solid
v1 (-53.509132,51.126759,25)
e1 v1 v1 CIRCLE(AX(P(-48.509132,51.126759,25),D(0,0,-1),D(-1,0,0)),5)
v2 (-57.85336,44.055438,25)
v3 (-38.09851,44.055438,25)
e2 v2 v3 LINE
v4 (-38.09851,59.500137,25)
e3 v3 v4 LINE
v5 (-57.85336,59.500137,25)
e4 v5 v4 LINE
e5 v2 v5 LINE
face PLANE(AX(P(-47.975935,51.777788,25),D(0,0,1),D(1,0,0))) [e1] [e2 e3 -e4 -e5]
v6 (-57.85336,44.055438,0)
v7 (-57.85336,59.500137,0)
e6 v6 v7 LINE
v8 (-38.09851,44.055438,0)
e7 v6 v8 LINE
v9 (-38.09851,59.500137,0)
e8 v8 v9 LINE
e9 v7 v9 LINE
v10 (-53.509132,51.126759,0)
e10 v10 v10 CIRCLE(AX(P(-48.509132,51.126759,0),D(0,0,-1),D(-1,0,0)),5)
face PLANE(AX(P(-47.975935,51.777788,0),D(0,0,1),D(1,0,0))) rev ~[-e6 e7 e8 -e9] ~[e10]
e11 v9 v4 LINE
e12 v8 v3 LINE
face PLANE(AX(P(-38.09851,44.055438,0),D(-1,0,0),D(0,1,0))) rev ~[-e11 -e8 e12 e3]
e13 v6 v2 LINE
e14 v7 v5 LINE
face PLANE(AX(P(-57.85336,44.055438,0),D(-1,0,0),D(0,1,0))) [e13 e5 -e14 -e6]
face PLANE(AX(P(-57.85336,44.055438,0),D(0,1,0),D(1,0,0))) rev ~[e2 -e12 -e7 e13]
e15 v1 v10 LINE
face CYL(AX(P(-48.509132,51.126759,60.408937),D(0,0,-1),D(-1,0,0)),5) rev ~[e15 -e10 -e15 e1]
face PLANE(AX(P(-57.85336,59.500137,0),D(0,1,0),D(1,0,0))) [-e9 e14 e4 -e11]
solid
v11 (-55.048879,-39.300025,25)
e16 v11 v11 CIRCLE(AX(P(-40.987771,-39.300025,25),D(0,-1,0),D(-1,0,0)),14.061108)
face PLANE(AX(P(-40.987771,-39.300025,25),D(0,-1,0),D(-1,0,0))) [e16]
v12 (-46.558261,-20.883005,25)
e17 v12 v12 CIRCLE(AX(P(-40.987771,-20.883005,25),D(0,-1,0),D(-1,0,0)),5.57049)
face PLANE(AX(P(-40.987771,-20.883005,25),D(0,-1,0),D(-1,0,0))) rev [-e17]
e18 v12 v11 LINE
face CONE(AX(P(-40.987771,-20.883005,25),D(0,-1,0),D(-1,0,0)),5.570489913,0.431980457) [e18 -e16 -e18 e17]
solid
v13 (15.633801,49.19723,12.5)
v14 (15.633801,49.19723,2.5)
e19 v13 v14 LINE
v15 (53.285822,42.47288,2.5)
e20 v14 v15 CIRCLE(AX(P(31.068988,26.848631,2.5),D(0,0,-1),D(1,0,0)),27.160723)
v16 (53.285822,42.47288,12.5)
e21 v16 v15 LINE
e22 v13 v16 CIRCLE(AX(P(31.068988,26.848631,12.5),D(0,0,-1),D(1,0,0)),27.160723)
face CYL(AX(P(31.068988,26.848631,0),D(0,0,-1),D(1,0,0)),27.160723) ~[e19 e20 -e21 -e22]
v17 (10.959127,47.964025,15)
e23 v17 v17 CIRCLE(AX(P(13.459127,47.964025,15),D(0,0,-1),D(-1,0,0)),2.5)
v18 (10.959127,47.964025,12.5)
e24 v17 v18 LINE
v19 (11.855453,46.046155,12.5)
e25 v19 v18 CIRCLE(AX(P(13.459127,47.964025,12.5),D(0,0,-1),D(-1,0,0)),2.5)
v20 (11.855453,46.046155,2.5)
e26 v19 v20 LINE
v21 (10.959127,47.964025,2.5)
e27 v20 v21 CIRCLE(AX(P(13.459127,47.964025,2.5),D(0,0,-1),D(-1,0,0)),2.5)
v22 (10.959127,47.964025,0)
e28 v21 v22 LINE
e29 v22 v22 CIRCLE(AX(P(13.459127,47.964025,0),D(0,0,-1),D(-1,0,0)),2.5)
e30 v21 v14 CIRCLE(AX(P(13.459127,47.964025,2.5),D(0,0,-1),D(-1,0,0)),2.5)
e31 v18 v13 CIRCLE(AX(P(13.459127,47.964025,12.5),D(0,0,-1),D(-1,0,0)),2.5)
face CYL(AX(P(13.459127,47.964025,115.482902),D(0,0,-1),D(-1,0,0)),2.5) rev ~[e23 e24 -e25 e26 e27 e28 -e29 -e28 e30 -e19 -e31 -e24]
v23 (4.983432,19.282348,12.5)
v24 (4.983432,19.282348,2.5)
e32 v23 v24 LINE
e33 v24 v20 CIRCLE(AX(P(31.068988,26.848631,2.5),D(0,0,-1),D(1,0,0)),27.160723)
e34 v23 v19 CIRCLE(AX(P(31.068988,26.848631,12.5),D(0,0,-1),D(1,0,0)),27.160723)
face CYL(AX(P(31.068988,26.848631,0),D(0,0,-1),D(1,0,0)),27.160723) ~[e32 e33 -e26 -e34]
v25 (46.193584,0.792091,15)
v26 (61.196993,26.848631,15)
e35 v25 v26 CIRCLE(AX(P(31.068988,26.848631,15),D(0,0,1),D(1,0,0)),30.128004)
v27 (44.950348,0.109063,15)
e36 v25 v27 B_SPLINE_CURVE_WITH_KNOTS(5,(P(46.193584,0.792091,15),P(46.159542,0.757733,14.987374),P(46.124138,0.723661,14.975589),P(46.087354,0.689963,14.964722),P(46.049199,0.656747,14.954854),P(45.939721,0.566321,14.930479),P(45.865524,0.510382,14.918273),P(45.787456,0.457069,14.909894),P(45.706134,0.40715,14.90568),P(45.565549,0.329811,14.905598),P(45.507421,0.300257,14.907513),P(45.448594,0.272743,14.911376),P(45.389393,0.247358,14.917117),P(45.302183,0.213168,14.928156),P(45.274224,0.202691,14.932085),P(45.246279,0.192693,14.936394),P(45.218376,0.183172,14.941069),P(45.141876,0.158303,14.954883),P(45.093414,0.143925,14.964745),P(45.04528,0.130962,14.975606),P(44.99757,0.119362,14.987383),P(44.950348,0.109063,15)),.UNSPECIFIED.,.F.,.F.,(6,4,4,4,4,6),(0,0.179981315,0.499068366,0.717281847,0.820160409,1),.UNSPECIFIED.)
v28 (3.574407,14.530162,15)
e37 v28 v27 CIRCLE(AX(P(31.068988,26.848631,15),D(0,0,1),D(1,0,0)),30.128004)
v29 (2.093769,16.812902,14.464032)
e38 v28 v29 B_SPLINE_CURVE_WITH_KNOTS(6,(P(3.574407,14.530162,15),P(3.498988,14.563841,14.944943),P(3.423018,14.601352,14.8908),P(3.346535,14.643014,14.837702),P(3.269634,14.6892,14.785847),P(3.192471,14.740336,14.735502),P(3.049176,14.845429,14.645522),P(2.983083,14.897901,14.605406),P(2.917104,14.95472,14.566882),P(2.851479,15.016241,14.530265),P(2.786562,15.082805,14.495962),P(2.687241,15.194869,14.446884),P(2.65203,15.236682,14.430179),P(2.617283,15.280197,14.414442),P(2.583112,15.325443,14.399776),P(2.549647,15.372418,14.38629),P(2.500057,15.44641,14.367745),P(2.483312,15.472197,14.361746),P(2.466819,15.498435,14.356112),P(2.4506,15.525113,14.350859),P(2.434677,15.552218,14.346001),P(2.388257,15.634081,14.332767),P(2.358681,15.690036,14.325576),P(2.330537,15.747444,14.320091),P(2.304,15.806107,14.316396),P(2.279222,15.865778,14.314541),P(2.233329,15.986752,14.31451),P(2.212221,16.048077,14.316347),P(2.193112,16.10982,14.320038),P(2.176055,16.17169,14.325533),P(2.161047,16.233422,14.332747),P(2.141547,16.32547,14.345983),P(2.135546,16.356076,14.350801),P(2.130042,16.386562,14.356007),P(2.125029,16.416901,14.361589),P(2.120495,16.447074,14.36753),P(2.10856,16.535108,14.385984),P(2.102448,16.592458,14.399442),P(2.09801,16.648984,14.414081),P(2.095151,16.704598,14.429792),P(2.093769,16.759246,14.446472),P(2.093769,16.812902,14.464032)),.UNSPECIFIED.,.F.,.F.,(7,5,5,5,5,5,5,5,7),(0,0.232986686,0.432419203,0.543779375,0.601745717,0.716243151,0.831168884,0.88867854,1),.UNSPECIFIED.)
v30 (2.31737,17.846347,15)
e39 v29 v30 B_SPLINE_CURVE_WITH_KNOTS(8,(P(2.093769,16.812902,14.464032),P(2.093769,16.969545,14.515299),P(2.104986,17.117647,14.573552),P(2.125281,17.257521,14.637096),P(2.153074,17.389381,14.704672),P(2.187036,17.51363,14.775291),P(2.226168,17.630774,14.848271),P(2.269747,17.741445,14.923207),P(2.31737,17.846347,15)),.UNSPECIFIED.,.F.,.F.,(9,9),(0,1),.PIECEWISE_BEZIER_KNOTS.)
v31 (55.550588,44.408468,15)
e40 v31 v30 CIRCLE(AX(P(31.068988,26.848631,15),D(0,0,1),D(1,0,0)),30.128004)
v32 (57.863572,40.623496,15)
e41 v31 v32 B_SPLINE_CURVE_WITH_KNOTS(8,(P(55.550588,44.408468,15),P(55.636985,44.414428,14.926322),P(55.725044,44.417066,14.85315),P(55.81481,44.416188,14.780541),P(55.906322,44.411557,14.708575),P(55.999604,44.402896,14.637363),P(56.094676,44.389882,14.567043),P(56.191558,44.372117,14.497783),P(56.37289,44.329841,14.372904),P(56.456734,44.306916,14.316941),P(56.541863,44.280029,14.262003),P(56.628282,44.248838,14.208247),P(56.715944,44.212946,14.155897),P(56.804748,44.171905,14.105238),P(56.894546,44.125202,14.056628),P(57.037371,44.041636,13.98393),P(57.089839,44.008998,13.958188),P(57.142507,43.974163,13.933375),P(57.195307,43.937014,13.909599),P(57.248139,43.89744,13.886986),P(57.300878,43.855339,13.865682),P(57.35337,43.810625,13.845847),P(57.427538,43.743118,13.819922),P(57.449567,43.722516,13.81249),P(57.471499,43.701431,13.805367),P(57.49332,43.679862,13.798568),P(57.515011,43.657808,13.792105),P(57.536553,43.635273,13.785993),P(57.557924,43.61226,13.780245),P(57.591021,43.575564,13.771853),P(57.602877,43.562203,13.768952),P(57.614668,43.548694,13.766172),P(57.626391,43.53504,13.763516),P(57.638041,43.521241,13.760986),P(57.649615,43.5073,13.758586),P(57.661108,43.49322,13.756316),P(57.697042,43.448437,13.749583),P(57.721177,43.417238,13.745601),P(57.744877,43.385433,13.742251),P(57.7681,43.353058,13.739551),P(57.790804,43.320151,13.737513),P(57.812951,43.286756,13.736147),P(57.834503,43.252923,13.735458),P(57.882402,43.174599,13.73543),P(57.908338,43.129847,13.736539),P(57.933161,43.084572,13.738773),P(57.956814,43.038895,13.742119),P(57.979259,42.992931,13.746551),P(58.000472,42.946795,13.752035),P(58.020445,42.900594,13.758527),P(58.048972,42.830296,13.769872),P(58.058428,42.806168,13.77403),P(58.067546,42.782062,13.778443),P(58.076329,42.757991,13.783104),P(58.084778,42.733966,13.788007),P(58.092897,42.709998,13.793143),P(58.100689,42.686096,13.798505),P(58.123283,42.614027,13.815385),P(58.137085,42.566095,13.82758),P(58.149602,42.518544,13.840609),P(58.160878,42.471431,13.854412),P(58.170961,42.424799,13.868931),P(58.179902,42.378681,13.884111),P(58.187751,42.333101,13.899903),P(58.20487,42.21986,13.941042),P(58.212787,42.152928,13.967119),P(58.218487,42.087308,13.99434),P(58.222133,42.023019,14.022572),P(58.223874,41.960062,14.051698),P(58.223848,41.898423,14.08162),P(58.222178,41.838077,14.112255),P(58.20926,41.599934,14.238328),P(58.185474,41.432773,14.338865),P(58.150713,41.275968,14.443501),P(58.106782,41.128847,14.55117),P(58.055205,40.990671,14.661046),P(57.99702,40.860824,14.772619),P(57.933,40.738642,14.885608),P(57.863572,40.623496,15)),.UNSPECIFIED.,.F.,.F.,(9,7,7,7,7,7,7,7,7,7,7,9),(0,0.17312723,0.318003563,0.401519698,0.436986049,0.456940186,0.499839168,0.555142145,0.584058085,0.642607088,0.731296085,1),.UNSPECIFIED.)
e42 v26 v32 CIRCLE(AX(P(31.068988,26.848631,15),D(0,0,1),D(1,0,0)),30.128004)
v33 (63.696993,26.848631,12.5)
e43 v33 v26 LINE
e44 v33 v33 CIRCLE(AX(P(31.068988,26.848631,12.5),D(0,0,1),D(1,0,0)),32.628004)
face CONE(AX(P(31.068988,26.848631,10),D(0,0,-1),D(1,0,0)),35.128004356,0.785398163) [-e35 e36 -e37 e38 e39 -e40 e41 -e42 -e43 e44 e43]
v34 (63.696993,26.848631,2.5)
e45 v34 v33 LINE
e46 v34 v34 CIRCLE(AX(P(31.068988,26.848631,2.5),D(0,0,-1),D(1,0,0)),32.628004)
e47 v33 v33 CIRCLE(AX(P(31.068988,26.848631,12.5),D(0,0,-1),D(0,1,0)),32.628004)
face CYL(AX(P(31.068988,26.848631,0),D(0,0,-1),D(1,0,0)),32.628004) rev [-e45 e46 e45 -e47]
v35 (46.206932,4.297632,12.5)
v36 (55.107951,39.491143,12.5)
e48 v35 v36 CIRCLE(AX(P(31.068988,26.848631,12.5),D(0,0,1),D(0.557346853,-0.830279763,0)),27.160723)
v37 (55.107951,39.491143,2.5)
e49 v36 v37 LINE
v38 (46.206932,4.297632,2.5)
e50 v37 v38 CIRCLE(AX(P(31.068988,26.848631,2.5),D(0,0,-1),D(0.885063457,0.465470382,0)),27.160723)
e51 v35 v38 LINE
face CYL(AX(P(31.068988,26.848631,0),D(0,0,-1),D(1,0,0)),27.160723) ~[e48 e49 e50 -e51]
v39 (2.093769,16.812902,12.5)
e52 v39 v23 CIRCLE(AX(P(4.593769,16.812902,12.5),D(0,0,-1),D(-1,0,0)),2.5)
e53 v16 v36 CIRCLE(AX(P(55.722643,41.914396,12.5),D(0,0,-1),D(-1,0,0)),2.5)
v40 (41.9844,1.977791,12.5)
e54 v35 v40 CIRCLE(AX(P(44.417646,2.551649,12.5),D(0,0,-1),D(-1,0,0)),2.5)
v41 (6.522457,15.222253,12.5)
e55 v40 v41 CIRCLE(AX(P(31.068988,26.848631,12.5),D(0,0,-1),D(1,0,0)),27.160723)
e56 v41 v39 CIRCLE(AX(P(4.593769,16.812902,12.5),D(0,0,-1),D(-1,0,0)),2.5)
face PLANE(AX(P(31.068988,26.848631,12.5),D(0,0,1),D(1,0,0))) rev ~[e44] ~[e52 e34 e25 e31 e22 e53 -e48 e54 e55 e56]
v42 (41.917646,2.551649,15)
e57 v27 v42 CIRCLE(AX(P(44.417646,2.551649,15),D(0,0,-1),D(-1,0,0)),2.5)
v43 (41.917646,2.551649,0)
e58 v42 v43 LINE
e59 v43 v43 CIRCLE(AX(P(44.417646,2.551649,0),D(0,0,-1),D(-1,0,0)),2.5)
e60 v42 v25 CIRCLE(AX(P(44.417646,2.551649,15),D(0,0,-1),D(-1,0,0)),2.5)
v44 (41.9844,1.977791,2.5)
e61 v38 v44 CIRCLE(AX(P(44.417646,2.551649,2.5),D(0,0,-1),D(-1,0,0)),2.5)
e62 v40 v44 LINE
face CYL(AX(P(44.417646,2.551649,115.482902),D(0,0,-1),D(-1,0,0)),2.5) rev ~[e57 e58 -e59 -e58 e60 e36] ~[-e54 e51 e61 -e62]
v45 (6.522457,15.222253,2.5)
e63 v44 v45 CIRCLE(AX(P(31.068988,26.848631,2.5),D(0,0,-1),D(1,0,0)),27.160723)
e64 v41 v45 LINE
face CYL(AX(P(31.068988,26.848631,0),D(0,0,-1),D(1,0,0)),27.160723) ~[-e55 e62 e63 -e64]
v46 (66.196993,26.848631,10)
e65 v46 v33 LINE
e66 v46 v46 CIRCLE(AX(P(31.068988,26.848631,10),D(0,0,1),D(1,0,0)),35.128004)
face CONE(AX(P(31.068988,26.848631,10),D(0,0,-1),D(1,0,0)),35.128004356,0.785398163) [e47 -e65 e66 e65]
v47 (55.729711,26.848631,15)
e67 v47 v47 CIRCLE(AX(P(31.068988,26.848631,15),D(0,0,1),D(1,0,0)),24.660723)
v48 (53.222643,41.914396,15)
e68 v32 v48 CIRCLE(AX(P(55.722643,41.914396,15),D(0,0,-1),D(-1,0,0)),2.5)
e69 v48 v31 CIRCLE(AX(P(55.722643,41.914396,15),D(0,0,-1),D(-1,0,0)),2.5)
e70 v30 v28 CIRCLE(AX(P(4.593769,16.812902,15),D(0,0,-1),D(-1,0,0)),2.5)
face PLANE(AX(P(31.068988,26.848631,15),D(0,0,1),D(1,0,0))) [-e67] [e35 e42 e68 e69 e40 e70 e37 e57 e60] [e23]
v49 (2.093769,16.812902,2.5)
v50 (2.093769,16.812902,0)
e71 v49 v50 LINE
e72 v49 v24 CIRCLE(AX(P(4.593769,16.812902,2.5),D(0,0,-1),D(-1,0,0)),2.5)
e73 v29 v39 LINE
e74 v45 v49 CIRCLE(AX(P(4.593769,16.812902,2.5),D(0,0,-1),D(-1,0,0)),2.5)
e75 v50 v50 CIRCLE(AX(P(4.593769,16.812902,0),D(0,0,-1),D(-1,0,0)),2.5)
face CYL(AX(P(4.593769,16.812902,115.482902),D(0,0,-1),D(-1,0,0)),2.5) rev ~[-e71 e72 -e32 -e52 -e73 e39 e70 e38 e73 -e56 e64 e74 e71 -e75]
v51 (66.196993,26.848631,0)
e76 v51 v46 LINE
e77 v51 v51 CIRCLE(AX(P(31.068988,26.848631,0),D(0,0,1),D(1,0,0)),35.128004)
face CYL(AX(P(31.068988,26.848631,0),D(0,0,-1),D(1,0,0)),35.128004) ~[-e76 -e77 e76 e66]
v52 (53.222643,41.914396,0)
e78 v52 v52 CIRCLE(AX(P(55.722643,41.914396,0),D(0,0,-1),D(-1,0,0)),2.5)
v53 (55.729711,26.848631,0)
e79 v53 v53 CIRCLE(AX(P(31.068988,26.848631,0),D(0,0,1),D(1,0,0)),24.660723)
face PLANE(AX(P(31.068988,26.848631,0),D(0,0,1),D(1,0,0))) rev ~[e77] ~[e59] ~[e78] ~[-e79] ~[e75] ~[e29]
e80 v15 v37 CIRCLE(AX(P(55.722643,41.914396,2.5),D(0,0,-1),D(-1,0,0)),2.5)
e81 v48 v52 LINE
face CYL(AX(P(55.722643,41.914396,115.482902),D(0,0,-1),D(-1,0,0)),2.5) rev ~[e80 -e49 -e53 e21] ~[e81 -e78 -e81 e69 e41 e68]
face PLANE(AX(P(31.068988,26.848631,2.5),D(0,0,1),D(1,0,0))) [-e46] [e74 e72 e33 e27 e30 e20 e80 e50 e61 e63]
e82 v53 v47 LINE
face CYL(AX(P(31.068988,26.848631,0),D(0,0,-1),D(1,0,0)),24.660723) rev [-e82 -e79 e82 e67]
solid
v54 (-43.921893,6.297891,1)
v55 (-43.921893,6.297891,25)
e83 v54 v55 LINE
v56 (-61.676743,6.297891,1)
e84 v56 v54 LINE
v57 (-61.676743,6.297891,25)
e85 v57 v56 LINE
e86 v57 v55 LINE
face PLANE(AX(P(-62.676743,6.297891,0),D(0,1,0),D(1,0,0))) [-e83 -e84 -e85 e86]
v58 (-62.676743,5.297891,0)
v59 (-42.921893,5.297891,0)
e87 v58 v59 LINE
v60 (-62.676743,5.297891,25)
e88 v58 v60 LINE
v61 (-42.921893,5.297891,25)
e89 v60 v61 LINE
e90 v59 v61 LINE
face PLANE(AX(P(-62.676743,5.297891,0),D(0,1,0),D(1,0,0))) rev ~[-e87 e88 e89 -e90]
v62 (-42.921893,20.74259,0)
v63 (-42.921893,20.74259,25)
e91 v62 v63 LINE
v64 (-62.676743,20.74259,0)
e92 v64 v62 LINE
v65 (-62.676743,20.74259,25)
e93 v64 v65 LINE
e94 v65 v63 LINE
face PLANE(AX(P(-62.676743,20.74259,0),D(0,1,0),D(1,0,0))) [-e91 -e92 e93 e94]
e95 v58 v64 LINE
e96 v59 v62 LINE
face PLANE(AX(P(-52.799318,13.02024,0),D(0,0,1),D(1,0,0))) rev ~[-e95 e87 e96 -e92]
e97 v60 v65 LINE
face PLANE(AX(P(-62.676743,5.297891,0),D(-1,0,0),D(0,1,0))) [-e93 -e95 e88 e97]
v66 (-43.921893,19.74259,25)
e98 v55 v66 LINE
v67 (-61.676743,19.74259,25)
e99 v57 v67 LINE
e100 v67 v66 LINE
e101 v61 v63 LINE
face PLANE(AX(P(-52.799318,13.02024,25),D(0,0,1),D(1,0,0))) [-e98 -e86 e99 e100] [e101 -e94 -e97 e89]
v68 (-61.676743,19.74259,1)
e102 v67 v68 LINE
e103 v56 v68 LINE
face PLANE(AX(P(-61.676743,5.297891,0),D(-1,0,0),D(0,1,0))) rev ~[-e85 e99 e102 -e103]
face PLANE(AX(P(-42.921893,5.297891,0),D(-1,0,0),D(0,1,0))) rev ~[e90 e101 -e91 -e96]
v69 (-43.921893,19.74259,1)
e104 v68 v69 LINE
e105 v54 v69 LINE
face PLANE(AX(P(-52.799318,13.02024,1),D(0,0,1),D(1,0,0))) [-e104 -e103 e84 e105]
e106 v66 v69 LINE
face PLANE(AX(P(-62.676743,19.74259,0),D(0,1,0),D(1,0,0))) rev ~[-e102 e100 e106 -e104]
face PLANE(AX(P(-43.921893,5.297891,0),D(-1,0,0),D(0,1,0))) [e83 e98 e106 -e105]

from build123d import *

# Parameters (mm, degrees)
F0_R     = 35.1280043559
F0_R_2   = 24.660722934
F1_DEPTH = 15
F2_SIZE  = 5
F3_T     = -2.5
F0_W     = 19.7548493743
F0_H     = 15.4446987435
F4_DEPTH = 25
F5_T     = -1
F7_D     = 10
F9_D     = 5


with BuildPart() as f1:
    # F0 (on Top) → F1 (new body)
    with BuildSketch(Plane.XY):
        with Locations((31.0689881444, 26.8486309797)):
            Circle(F0_R)
        with Locations((31.0689881444, 26.8486309797)):
            Circle(F0_R_2, mode=Mode.SUBTRACT)
    extrude(amount=F1_DEPTH)

    # F2
    f2_edges = [f1.edges().sort_by_distance(p)[0] for p in [
        (-4.059016, 26.848631, 15),
    ]]
    chamfer(f2_edges, length=F2_SIZE)

    # F3
    f3_openings = [f1.faces().sort_by_distance(p)[0] for p in [
        (-1.559016, 26.848631, 12.5),
    ]]
    offset(amount=F3_T, openings=f3_openings)

    # F9 (through all)
    with Locations(Plane.XY.offset(15)):
        with Locations((55.7226426899, 41.914395988), (13.4591273963, 47.9640252888), (4.5937690884, 16.8129019439), (44.4176457822, 2.5516494643)):
            Hole(F9_D / 2)


with BuildPart() as f4:
    # F0 (on Top) → F4 (new body)
    with BuildSketch(Plane.XY):
        with Locations((-52.7993179858, 13.0202402361)):
            Rectangle(F0_W, F0_H)
    extrude(amount=F4_DEPTH)

    # F5
    f5_openings = [f4.faces().sort_by_distance(p)[0] for p in [
        (-52.799318, 13.02024, 25),
    ]]
    offset(amount=F5_T, openings=f5_openings)


with BuildPart() as f4b:
    # F0 (on Top) → F4, piece 2 (new body)
    with BuildSketch(Plane.XY):
        with Locations((-47.9759350419, 51.7777875066)):
            Rectangle(F0_W, F0_H)
    extrude(amount=F4_DEPTH)

    # F7 (through all)
    with Locations(Plane.XY.offset(25)):
        with Locations((-48.509132117, 51.1267594993)):
            Hole(F7_D / 2)


with BuildPart() as f10:
    # F6 (on face) → F10 (revolve)
    with BuildSketch(Plane.XY.offset(25)):
        Polygon((-40.9877710044, -20.8830051124), (-46.5582609177, -20.8830051124), (-55.048879236, -39.3000245094), (-40.9877710044, -39.3000245094), align=None)
    revolve(axis=Axis((-40.9877710044, -30.0915148109, 25), (0, -1, 0)))


solid = Compound([f1.part, f4.part, f4b.part, f10.part])
